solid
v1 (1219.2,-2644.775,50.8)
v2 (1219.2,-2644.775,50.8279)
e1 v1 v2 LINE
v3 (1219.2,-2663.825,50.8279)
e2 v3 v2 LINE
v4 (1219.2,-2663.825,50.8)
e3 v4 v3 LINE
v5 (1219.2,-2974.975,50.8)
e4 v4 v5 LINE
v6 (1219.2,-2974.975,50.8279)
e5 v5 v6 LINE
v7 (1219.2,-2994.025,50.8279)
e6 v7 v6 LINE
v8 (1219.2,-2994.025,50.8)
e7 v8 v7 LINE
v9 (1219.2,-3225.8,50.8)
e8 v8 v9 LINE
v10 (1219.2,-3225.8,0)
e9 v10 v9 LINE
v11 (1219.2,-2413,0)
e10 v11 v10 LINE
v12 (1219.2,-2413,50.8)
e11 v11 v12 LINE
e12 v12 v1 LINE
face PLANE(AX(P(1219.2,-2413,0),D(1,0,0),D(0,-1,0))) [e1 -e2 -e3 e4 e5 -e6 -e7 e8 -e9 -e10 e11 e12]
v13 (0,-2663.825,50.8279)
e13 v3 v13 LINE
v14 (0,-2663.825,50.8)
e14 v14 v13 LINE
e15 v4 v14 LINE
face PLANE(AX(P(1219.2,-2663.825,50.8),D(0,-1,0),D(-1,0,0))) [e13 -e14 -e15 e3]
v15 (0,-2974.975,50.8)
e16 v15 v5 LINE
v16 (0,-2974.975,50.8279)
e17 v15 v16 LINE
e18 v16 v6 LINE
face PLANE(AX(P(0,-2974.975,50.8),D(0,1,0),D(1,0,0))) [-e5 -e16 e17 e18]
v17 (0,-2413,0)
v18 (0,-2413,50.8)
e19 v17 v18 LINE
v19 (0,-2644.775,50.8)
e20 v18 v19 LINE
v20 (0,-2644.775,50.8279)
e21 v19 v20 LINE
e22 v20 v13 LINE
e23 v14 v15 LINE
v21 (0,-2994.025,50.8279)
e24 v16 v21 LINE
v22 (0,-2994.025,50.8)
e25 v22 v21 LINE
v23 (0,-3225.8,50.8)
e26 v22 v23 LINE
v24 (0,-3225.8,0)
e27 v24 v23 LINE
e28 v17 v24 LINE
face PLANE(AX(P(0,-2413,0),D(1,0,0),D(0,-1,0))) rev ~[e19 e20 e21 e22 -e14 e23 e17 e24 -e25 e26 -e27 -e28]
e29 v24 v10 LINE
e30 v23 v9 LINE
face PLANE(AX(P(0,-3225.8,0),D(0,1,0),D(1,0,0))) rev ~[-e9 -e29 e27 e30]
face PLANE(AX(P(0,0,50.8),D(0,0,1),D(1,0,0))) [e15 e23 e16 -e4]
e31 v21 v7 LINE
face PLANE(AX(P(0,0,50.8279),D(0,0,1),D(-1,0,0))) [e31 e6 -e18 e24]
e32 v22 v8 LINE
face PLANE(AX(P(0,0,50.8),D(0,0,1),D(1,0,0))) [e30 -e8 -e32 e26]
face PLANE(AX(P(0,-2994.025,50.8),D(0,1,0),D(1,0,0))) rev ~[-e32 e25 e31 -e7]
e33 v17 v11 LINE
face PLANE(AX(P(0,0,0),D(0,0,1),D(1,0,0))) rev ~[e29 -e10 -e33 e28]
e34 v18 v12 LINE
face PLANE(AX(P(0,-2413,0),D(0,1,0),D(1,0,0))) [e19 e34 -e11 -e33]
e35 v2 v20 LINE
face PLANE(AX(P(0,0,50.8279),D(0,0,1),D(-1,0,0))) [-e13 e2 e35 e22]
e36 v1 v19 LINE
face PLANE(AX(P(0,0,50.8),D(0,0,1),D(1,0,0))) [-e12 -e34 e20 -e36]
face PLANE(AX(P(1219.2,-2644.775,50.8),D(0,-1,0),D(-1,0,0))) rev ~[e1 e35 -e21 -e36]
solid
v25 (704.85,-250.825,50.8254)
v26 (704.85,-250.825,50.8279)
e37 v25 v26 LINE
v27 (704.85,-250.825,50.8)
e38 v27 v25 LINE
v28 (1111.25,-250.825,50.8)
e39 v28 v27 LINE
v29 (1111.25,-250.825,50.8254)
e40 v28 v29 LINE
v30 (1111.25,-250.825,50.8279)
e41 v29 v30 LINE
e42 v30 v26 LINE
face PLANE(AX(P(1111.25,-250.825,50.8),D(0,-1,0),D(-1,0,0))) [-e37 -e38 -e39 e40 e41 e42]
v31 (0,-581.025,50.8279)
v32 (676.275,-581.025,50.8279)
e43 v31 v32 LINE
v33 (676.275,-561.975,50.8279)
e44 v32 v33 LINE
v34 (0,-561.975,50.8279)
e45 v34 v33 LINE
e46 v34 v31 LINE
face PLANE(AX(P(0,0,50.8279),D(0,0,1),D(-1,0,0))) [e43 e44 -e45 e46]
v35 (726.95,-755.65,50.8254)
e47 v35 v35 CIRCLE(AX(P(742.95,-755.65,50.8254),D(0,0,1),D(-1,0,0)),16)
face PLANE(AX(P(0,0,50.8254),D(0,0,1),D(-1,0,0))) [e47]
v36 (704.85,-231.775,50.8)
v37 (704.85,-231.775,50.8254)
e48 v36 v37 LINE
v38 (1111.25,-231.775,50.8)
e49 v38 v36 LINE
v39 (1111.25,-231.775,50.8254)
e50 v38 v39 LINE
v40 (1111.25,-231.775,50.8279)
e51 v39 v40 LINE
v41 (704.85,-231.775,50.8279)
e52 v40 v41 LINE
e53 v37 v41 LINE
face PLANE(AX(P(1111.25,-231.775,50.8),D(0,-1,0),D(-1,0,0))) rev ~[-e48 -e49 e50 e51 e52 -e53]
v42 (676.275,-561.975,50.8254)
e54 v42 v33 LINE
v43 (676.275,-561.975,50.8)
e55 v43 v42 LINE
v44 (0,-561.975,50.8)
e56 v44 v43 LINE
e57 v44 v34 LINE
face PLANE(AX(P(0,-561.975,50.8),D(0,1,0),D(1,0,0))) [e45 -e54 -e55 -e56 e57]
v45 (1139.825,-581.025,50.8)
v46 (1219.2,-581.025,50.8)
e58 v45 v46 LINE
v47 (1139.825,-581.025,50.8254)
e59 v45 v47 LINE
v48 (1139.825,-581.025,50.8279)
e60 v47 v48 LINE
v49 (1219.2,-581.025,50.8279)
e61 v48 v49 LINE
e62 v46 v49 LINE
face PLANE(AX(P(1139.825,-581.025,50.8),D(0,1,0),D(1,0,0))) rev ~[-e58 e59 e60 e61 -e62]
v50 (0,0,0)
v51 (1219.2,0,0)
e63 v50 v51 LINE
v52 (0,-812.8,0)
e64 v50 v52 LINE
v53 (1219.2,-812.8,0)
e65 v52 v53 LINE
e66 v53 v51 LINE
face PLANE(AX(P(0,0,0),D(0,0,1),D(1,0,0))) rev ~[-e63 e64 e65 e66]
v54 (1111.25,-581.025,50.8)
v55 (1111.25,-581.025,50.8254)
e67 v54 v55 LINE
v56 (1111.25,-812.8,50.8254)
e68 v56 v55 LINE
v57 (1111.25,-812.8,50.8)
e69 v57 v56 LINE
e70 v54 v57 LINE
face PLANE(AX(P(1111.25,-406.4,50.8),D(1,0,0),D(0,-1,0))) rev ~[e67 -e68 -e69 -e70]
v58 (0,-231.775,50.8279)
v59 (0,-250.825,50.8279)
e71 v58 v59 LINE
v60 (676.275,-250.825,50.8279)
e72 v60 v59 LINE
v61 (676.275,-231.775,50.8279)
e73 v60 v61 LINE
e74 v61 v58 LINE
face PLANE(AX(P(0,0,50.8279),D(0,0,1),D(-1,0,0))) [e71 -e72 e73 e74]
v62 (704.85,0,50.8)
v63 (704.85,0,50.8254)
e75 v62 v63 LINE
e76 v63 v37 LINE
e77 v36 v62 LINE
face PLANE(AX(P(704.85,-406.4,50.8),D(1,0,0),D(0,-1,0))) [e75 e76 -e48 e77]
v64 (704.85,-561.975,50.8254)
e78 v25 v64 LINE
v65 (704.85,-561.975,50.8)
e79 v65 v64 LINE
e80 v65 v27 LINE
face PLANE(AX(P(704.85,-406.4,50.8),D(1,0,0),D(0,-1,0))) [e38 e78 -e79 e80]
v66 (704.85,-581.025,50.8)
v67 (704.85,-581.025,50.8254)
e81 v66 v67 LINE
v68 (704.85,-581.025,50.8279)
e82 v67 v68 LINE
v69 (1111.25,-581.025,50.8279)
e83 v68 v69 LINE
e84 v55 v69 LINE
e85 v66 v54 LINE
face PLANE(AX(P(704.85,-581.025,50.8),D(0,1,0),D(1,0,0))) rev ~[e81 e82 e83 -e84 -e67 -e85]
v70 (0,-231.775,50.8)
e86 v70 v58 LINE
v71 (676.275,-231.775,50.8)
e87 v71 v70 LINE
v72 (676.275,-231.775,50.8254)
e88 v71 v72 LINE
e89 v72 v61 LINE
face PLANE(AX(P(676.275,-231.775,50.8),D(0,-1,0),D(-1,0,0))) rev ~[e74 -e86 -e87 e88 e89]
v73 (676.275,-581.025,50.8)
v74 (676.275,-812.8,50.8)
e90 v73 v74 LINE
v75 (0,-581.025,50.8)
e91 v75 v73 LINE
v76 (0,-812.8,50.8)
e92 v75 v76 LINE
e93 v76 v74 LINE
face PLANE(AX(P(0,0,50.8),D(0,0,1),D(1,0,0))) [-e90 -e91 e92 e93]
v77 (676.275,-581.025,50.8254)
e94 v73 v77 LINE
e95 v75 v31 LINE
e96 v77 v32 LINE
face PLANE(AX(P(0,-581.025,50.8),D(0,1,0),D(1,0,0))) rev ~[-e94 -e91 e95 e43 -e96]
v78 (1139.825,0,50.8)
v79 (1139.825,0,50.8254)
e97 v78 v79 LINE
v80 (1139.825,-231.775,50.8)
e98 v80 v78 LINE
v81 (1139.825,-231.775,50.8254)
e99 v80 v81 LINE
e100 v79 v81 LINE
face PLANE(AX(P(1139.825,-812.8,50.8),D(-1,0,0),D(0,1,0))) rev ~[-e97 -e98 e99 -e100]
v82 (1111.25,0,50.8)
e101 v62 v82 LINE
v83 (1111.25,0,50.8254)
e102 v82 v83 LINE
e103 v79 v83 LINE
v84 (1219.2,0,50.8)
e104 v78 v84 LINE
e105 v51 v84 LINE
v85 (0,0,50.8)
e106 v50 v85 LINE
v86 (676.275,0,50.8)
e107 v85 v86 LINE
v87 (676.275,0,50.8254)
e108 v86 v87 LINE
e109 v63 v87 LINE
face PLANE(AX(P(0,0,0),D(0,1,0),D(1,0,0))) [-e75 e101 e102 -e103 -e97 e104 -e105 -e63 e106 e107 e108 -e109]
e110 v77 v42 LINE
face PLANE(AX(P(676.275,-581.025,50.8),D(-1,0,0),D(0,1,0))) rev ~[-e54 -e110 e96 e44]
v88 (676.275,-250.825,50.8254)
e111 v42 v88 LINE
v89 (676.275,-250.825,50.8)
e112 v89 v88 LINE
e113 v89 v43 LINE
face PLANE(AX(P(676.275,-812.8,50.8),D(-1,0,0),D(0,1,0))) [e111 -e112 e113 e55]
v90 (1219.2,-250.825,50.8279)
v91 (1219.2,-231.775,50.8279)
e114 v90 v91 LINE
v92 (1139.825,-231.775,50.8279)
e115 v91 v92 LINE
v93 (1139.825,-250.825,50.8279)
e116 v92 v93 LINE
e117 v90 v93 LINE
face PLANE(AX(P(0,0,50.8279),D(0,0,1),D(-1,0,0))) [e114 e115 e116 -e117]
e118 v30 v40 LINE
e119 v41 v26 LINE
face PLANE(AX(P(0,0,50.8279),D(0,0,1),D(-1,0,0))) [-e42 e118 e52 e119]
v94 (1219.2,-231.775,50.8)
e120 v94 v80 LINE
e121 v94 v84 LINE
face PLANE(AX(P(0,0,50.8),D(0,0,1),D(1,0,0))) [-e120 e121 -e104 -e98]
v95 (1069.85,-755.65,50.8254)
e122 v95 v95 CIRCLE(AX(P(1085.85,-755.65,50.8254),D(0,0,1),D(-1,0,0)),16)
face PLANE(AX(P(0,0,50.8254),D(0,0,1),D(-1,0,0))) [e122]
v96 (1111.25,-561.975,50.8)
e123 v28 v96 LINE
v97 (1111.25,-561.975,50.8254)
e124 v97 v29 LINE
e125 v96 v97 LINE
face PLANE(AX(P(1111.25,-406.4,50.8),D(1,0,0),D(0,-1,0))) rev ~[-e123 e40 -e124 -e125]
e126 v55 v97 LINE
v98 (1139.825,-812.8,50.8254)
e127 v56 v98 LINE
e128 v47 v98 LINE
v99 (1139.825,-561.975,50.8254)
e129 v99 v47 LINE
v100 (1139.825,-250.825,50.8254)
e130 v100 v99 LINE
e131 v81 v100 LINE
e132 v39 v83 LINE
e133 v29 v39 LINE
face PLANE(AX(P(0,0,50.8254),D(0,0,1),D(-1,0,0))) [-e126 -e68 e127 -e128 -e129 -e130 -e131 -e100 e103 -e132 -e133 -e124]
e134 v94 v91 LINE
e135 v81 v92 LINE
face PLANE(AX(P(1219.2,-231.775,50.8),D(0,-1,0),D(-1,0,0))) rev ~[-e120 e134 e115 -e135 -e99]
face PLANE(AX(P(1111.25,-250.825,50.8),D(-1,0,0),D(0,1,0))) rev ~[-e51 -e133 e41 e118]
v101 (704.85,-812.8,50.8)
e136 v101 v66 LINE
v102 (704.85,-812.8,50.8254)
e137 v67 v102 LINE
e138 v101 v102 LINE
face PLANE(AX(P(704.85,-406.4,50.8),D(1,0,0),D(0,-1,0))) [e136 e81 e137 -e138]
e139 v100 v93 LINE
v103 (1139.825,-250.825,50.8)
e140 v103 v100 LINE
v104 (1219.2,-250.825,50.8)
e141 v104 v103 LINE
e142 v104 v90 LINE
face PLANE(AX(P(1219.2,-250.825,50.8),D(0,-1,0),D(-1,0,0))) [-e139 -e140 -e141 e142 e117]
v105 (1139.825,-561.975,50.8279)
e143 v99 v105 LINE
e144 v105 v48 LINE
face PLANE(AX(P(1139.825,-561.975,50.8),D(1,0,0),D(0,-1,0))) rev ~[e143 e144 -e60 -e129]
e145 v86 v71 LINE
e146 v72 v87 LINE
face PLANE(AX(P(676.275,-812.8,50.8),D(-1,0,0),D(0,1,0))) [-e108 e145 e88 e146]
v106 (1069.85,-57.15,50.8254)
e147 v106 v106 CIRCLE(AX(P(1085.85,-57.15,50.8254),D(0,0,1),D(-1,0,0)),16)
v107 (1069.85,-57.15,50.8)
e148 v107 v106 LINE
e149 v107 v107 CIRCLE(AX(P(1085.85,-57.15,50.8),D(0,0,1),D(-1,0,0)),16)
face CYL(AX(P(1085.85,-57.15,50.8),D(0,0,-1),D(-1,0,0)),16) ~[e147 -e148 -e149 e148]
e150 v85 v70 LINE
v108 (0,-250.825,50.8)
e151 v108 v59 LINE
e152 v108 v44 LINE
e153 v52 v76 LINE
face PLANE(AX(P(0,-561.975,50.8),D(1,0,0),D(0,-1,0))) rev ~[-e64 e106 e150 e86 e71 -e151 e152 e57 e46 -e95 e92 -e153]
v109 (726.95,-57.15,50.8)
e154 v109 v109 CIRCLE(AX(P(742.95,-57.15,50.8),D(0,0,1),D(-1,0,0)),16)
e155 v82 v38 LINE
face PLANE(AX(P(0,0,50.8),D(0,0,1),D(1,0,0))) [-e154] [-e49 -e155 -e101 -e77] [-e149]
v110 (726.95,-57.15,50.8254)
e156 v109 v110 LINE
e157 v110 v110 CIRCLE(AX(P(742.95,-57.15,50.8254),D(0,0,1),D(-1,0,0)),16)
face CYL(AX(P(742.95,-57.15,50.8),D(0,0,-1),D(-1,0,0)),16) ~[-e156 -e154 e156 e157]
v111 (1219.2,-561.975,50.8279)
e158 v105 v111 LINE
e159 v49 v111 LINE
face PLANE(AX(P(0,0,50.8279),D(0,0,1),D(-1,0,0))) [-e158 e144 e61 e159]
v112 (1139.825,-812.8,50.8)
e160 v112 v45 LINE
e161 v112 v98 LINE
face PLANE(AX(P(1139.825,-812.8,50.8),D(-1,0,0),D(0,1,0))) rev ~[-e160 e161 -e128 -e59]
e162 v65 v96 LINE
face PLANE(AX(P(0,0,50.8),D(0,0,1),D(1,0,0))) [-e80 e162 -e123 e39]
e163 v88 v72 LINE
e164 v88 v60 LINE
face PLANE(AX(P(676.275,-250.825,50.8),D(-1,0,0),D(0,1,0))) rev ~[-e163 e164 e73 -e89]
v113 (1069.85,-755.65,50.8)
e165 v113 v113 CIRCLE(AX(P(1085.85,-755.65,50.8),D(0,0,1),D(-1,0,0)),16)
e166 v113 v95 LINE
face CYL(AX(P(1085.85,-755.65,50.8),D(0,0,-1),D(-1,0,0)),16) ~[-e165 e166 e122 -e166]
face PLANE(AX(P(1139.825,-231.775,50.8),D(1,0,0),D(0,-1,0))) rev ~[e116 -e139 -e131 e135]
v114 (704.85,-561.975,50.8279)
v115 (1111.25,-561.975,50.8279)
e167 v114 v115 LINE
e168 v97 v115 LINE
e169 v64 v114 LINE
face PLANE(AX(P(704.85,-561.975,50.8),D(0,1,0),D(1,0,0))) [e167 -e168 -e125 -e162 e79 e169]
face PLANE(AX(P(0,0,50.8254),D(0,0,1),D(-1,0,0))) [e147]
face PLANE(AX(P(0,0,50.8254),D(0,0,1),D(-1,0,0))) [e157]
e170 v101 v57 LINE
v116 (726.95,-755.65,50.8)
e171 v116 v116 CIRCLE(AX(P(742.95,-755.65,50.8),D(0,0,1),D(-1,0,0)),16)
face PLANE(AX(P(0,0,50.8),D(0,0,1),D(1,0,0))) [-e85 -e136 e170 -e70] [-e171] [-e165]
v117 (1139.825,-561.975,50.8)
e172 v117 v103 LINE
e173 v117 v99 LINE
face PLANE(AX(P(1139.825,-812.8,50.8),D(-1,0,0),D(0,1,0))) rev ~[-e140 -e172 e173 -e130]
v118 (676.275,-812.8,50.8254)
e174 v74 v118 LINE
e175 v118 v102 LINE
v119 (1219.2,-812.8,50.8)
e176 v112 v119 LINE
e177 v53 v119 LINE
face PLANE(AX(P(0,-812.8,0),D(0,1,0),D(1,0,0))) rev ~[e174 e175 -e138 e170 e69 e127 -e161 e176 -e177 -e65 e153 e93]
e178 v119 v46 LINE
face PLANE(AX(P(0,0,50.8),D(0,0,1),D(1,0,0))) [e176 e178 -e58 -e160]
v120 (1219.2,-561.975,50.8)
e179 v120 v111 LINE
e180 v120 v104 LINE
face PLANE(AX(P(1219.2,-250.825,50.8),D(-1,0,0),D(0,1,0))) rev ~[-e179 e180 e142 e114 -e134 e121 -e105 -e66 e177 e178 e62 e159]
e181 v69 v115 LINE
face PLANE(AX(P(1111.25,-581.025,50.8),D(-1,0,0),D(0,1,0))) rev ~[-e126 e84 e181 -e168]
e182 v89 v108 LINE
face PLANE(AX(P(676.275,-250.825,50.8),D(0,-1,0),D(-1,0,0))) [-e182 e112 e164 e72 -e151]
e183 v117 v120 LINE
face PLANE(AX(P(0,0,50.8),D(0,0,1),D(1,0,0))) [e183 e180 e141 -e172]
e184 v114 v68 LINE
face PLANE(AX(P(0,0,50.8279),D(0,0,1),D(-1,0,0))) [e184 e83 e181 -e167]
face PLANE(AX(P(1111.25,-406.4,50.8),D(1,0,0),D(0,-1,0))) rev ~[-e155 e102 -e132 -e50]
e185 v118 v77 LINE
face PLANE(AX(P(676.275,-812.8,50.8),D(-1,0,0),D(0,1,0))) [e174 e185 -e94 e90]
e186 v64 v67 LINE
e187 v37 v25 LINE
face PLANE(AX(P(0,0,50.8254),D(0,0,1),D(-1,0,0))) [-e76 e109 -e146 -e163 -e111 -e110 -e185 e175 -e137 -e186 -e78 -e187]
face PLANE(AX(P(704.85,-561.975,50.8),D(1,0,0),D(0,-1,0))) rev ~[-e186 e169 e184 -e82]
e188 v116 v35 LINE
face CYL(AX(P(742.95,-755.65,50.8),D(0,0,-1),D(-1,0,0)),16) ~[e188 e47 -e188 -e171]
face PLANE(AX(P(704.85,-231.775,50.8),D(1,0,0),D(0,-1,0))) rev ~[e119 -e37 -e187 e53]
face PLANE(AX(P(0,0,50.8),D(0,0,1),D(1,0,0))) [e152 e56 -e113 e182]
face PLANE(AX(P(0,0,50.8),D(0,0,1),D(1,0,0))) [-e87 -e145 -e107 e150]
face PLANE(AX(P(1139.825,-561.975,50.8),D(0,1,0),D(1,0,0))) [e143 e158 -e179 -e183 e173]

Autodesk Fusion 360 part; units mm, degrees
sketch "Sketch1" plane through (0, 0, 0) normal (0, 0, 1) x (1, 0, 0)
  line L0 (0, 0) -> (0, -812.8)
  line L1 (0, -812.8) -> (0, -2413)
  line L2 (0, -2413) -> (0, -3225.8)
  line L3 (0, 0) -> (1219.2, 0)
  line L4 (1219.2, 0) -> (0, 0)
  line L5 (0, 0) -> (0, -812.8)
  line L6 (0, -812.8) -> (1219.2, -812.8)
  line L7 (1219.2, -812.8) -> (1219.2, 0)
  line L8 (0, -3225.8) -> (1219.2, -3225.8)
  line L9 (1219.2, -3225.8) -> (0, -3225.8)
  line L10 (0, -3225.8) -> (0, -2413)
  line L11 (0, -2413) -> (1219.2, -2413)
  line L12 (1219.2, -2413) -> (1219.2, -3225.8)
  dimension "d1" = 812.8
  dimension "d2" = 1600.2
  dimension "d3" = 812.8
  dimension "d4" = 1219.2
  dimension "d5" = 1219.2
extrude "Extrude1" add sketch "Sketch1" along normal blind 50.8 makes body 1 at (406.4, -270.9333, 0) makes body 2 at (812.8, -2954.8667, 0)
sketch "Sketch2" plane through (0, 0, 50.8) normal (0, 0, 1) x (-1, 0, 0)
  line L0 (-1219.2, 2413) -> (0, 2413)
  line L1 (0, 2413) -> (0, 3225.8)
  line L2 (0, 3225.8) -> (-1219.2, 3225.8)
  line L3 (-1219.2, 3225.8) -> (-1219.2, 2413)
  line L4 (-106.2446, 261.963) -> (-283.0518, 261.963) construction
  line L5 (-283.0518, 261.963) -> (-283.0518, 108.5567) construction
  line L6 (-283.0518, 108.5567) -> (-106.2446, 108.5567) construction
  line L7 (-106.2446, 108.5567) -> (-106.2446, 261.963) construction
  dimension "d8" = 152.4
sketch "Sketch3" plane through (0, 0, 50.8) normal (0, 0, 1) x (-1, 0, 0)
  line L0 (-1219.2, 812.8) -> (-1219.2, 0)
  line L1 (-1219.2, 0) -> (0, 0)
  line L2 (0, 0) -> (0, 812.8)
  line L3 (0, 812.8) -> (-1219.2, 812.8)
  line L4 (-1219.2, 406.4) -> (-1139.825, 406.4)
  line L5 (-1139.825, 406.4) -> (-1111.25, 406.4)
  line L6 (-1111.25, 406.4) -> (-1111.25, 0)
  line L7 (-1111.25, 0) -> (-1139.825, 0)
  line L8 (-1139.825, 0) -> (-1139.825, 406.4)
  line L9 (-1139.825, 406.4) -> (-1111.25, 406.4)
  line L10 (-1111.25, 406.4) -> (-1111.25, 812.8)
  line L11 (-1111.25, 812.8) -> (-1139.825, 812.8)
  line L12 (-1139.825, 812.8) -> (-1139.825, 406.4)
  line L13 (-1219.2, 406.4) -> (-704.85, 406.4)
  line L14 (-704.85, 406.4) -> (-676.275, 406.4)
  line L15 (-676.275, 406.4) -> (-676.275, 0)
  line L16 (-676.275, 0) -> (-704.85, 0)
  line L17 (-704.85, 0) -> (-704.85, 406.4)
  line L18 (-676.275, 406.4) -> (-704.85, 406.4)
  line L19 (-704.85, 406.4) -> (-704.85, 812.8)
  line L20 (-704.85, 812.8) -> (-676.275, 812.8)
  line L21 (-676.275, 812.8) -> (-676.275, 406.4)
  dimension "d9" = 79.375
  dimension "d10" = 28.575
  dimension "d11" = 28.575
  dimension "d12" = 514.35
  dimension "d13" = 28.575
  dimension "d14" = 28.575
extrude "Extrude2" add sketch "Sketch3" along normal blind 0.0254 contours L3 L5 L9 L10 L11 L12 L13 | L1 L5 L6 L7 L8 L9 L13 | L3 L14 L18 L19 L20 L21 | L1 L14 L15 L16 L17 L18 bodies 1
sketch "Sketch4" plane through (0, 0, 50.8) normal (0, 0, 1) x (-1, 0, 0)
  line L0 (-676.275, 812.8) -> (-676.275, 0)
  line L1 (-676.275, 0) -> (0, 0)
  line L2 (0, 0) -> (0, 812.8)
  line L3 (0, 812.8) -> (-676.275, 812.8)
  line L4 (-1111.25, 812.8) -> (-1111.25, 0)
  line L5 (-1111.25, 0) -> (-704.85, 0)
  line L6 (-704.85, 0) -> (-704.85, 812.8)
  line L7 (-704.85, 812.8) -> (-1111.25, 812.8)
  line L8 (-1139.825, 0) -> (-1139.825, 812.8)
  line L9 (-1139.825, 812.8) -> (-1219.2, 812.8)
  line L10 (-1219.2, 812.8) -> (-1219.2, 0)
  line L11 (-1219.2, 0) -> (-1139.825, 0)
  line L12 (-704.85, 0) -> (-1111.25, 0)
  line L13 (-1111.25, 0) -> (-1111.25, 57.15)
  line L14 (-704.85, 57.15) -> (-704.85, 0)
  line L15 (-704.85, 812.8) -> (-1111.25, 812.8)
  line L16 (-1111.25, 812.8) -> (-1111.25, 755.65)
  line L17 (-704.85, 755.65) -> (-704.85, 812.8)
  circle A0 centre (-742.95, 57.15) radius 16
  circle A1 centre (-1085.85, 57.15) radius 16
  circle A2 centre (-742.95, 755.65) radius 16
  circle A3 centre (-1085.85, 755.65) radius 16
  dimension "d19" = 57.15
  dimension "d20" = 57.15
  dimension "d21" = 32
  dimension "d22" = 32
  dimension "d23" = 32
  dimension "d24" = 32
extrude "Extrude3" add sketch "Sketch4" along normal blind 0.0254 contours A0 | A1 | A2 | A3 bodies 1
sketch "Sketch5" plane through (0, 0, 50.8) normal (0, 0, 1) x (-1, 0, 0)
sketch "Sketch6" plane through (0, 0, 50.8) normal (0, 0, 1) x (-1, 0, 0)
  line L0 (-676.275, 812.8) -> (-676.275, 0)
  line L1 (-676.275, 0) -> (0, 0)
  line L2 (0, 0) -> (0, 812.8)
  line L3 (0, 812.8) -> (-676.275, 812.8)
  line L4 (-676.275, 250.825) -> (0, 250.825)
  line L5 (-676.275, 231.775) -> (0, 231.775)
  line L6 (0, 561.975) -> (-676.275, 561.975)
  line L7 (0, 581.025) -> (-676.275, 581.025)
  dimension "d27" = -250.825
  dimension "d28" = -231.775
  dimension "d29" = -250.825
  dimension "d30" = -231.775
extrude "Extrude4" add sketch "Sketch6" along normal blind 0.0279 contours L0 L2 L4 L5 bodies 1
extrude "Extrude5" add sketch "Sketch6" along normal blind 0.0279 contours L0 L2 L6 L7 bodies 1
sketch "Sketch7" plane through (0, 0, 50.8) normal (0, 0, 1) x (-1, 0, 0)
  circle A0 centre (-742.95, 755.65) radius 16
  circle A1 centre (-742.95, 57.15) radius 16
  circle A2 centre (-1085.85, 755.65) radius 16
  circle A3 centre (-1085.85, 57.15) radius 16
  line L0 (-1111.25, 812.8) -> (-1111.25, 0)
  line L1 (-1111.25, 0) -> (-704.85, 0)
  line L2 (-704.85, 0) -> (-704.85, 812.8)
  line L3 (-704.85, 812.8) -> (-1111.25, 812.8)
  line L4 (-1111.25, 250.825) -> (-704.85, 250.825)
  line L5 (-1111.25, 231.775) -> (-704.85, 231.775)
  line L6 (-704.85, 561.975) -> (-1111.25, 561.975)
  line L7 (-704.85, 581.025) -> (-1111.25, 581.025)
  dimension "d35" = -250.825
  dimension "d36" = -231.775
  dimension "d37" = -250.825
  dimension "d38" = -231.775
extrude "Extrude6" add sketch "Sketch7" along normal blind 0.0279 contours L0 L2 L6 L7 | L0 L2 L4 L5 bodies 1
sketch "Sketch8" plane through (0, 0, 50.8) normal (0, 0, 1) x (-1, 0, 0)
  line L0 (-1139.825, 0) -> (-1139.825, 812.8)
  line L1 (-1139.825, 812.8) -> (-1219.2, 812.8)
  line L2 (-1219.2, 812.8) -> (-1219.2, 0)
  line L3 (-1219.2, 0) -> (-1139.825, 0)
  line L4 (-1219.2, 250.825) -> (-1139.825, 250.825)
  line L5 (-1219.2, 231.775) -> (-1139.825, 231.775)
  line L6 (-1139.825, 561.975) -> (-1219.2, 561.975)
  line L7 (-1139.825, 581.025) -> (-1219.2, 581.025)
  dimension "d41" = -250.825
  dimension "d42" = -231.775
  dimension "d43" = -250.825
  dimension "d44" = -231.775
extrude "Extrude7" add sketch "Sketch8" along normal blind 0.0279 contours L0 L2 L6 L7 bodies 1
extrude "Extrude8" add sketch "Sketch8" along normal blind 0.0279 contours L0 L2 L4 L5 bodies 1
sketch "Sketch9" plane through (0, 0, 50.8) normal (0, 0, 1) x (-1, 0, 0)
  line L0 (-1219.2, 2413) -> (0, 2413)
  line L1 (0, 2413) -> (0, 3225.8)
  line L2 (0, 3225.8) -> (-1219.2, 3225.8)
  line L3 (-1219.2, 3225.8) -> (-1219.2, 2413)
  line L4 (-1219.2, 2663.825) -> (0, 2663.825)
  line L5 (-1219.2, 2644.775) -> (0, 2644.775)
  line L6 (0, 2974.975) -> (-1219.2, 2974.975)
  line L7 (0, 2994.025) -> (-1219.2, 2994.025)
  dimension "d49" = -250.825
  dimension "d50" = -231.775
  dimension "d51" = -250.825
  dimension "d52" = -231.775
extrude "Extrude9" add sketch "Sketch9" along normal blind 0.0279 contours L1 L3 L4 L5 | L1 L3 L6 L7 bodies 2
equation "d4 = ( 24 * 2 ) * 1 in"
equation "d5 = ( 24 * 2 ) * 1 in"
